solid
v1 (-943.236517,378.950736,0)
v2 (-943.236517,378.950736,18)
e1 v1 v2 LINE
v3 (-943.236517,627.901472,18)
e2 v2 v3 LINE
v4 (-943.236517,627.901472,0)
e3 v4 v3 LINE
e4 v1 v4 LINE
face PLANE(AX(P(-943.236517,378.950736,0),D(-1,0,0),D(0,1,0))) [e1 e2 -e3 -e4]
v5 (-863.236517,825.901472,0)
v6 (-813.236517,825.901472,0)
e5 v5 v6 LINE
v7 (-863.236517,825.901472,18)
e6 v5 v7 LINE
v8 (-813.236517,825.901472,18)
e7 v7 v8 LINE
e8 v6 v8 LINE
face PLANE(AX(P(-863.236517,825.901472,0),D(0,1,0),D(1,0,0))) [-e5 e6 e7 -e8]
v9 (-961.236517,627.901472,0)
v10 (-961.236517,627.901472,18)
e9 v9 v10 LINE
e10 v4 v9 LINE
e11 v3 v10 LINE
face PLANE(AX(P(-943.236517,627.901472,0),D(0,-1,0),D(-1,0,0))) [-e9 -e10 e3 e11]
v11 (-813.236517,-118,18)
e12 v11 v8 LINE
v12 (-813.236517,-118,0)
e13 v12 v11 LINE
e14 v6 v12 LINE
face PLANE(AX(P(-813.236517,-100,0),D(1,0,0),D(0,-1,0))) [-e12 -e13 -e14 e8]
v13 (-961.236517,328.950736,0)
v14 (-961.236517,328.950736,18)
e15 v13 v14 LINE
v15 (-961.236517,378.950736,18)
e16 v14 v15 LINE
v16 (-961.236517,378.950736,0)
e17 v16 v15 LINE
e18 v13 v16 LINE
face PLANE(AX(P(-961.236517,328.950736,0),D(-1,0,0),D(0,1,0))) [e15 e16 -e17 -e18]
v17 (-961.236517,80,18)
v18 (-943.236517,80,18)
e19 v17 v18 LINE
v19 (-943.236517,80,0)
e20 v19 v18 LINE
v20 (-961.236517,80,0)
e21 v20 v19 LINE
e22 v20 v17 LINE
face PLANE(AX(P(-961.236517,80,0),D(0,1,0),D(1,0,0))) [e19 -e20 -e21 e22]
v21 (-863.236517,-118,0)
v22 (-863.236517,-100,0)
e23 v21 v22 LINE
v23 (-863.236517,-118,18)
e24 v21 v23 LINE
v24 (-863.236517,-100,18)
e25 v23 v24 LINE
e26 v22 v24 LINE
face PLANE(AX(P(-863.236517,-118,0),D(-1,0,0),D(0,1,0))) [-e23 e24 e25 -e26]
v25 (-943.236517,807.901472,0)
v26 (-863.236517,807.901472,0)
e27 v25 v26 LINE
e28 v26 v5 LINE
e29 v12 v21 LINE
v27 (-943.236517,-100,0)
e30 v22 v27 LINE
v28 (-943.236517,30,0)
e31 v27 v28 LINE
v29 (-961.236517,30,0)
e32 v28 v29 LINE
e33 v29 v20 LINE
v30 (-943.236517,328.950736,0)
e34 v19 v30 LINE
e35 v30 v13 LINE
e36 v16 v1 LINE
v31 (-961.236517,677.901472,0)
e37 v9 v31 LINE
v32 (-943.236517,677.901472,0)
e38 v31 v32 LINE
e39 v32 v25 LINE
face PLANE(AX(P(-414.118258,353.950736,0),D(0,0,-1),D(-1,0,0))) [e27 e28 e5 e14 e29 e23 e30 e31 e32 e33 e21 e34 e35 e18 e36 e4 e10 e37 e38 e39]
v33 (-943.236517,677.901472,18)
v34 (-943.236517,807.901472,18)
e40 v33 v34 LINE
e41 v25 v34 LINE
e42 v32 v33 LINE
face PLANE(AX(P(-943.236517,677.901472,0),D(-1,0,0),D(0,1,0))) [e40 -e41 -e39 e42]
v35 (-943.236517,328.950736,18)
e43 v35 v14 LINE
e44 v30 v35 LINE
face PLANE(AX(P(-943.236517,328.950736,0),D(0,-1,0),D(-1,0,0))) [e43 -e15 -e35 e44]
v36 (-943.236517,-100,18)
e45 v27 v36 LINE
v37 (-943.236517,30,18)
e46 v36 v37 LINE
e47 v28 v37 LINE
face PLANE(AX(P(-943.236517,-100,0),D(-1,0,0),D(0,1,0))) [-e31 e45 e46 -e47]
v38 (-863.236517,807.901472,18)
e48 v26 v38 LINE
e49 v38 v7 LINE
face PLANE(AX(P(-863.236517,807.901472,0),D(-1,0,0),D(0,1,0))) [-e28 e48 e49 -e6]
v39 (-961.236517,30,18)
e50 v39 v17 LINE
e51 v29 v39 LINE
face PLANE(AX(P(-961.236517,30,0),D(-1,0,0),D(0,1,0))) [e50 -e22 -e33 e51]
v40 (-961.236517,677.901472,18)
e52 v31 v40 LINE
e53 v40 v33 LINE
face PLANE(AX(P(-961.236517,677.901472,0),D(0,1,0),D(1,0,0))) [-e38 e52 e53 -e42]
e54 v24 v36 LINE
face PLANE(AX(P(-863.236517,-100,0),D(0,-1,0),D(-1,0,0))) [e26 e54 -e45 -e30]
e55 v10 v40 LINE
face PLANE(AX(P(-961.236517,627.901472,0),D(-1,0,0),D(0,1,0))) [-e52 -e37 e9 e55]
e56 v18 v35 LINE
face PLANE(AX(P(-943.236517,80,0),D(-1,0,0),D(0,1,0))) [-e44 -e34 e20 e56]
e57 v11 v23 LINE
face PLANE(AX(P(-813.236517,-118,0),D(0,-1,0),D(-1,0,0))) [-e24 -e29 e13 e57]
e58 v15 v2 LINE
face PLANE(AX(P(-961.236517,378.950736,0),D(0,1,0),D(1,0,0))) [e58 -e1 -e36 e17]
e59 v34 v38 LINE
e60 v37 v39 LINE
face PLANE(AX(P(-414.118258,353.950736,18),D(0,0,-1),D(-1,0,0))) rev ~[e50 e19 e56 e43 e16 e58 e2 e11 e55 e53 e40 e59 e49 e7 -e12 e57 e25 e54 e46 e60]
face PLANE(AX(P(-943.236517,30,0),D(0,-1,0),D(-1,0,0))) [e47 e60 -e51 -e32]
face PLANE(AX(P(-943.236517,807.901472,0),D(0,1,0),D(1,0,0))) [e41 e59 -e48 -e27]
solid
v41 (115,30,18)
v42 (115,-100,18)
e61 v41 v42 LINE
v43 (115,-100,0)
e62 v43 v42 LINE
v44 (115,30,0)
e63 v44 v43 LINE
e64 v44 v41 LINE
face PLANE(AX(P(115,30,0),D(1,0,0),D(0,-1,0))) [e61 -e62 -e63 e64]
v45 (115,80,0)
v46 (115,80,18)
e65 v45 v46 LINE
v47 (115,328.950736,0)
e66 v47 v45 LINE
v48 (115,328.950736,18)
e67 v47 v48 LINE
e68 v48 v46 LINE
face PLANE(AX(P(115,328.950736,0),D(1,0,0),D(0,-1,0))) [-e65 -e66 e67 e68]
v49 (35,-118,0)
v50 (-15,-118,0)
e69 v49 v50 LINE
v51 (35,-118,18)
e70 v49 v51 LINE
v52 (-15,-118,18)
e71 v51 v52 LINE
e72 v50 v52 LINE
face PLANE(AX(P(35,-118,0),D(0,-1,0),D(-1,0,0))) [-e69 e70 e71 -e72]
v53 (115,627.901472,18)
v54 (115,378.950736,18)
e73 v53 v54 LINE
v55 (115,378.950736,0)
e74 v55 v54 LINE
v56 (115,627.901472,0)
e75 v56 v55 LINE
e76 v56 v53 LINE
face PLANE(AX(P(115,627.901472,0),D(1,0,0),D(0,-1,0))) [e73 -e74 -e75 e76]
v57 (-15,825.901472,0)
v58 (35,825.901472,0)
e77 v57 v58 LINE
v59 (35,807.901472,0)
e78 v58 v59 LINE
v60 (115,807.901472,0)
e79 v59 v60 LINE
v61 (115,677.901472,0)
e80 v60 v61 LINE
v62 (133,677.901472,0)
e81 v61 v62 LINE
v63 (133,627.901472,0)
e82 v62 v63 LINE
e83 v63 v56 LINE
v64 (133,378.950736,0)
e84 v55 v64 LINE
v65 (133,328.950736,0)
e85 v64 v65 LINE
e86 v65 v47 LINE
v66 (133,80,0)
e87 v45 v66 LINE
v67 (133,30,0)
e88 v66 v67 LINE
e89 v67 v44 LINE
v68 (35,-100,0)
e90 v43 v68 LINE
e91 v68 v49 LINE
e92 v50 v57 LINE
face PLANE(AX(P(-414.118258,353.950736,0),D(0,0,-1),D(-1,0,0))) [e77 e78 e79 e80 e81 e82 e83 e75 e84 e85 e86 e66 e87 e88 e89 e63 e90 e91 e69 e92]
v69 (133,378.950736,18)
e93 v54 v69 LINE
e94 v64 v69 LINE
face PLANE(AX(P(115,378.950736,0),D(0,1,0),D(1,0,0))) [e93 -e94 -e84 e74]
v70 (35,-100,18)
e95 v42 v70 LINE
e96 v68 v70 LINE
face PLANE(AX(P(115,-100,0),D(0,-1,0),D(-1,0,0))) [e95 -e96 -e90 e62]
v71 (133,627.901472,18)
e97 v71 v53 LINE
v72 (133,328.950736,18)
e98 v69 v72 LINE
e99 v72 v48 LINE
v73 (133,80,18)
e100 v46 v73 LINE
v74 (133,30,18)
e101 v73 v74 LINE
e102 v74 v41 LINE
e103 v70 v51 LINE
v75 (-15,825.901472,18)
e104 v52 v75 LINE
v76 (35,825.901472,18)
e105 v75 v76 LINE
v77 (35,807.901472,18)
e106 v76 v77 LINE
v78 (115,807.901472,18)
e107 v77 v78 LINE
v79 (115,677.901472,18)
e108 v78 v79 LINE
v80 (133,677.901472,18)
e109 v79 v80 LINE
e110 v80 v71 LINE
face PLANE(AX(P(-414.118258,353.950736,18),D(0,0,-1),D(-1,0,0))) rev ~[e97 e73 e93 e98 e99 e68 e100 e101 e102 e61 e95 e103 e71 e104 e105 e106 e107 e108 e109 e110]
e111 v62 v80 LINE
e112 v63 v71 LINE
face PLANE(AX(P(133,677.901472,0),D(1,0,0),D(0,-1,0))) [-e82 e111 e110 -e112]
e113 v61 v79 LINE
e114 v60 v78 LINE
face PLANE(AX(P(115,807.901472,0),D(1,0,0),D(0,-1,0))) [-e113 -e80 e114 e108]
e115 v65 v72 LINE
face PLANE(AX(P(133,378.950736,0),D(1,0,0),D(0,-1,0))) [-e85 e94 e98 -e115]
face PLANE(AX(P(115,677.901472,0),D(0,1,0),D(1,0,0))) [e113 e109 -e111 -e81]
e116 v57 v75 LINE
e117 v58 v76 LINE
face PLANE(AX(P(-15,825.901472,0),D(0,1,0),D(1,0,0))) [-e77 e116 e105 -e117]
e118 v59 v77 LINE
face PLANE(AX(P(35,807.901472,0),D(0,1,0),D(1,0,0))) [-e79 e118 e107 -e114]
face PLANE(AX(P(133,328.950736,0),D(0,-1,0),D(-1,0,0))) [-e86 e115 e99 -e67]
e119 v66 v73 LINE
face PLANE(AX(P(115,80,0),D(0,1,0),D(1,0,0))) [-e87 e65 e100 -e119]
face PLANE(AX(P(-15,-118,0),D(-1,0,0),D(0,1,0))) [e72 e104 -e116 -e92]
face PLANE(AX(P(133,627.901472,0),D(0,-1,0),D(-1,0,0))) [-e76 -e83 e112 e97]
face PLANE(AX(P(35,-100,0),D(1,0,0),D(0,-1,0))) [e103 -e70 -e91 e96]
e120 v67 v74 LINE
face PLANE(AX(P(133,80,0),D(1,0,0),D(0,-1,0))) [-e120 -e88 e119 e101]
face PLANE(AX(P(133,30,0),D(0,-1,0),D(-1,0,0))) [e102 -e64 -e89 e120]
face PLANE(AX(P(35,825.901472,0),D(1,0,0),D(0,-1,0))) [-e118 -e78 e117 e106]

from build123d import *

# Parameters (mm, degrees)
BOSS_EXTRUDE1_DEPTH = 18
CUT_EXTRUDE1_DEPTH  = 1268.443443295


with BuildPart() as part:
    # Sketch1 → Boss-Extrude1 (new body)
    with BuildSketch(Plane.XY):
        Polygon((-961.236516538, 328.950735931), (-961.236516538, 378.950735931), (-943.236516538, 378.950735931), (-943.236516538, 627.901471863), (-961.236516538, 627.901471863), (-961.236516538, 677.901471863), (-943.236516538, 677.901471863), (-943.236516538, 807.901471863), (-863.236516538, 807.901471863), (-863.236516538, 825.901471863), (-813.236516538, 825.901471863), (-813.236516538, 807.901471863), (-439.118258269, 807.901471863), (-439.118258269, 825.901471863), (-389.118258269, 825.901471863), (-389.118258269, 807.901471863), (-15, 807.901471863), (-15, 825.901471863), (35, 825.901471863), (35, 807.901471863), (115, 807.901471863), (115, 677.901471863), (133, 677.901471863), (133, 627.901471863), (115, 627.901471863), (115, 378.950735931), (133, 378.950735931), (133, 328.950735931), (115, 328.950735931), (115, 80), (133, 80), (133, 30), (115, 30), (115, -100), (35, -100), (35, -118), (-15, -118), (-15, -100), (-389.118258269, -100), (-389.118258269, -118), (-439.118258269, -118), (-439.118258269, -100), (-813.236516538, -100), (-813.236516538, -118), (-863.236516538, -118), (-863.236516538, -100), (-943.236516538, -100), (-943.236516538, 30), (-961.236516538, 30), (-961.236516538, 80), (-943.236516538, 80), (-943.236516538, 328.950735931), align=None)
    extrude(amount=BOSS_EXTRUDE1_DEPTH)

    # Sketch2 → Cut-Extrude1 (cut, through all)
    with BuildSketch(Plane(origin=(0, 0, 0), x_dir=(-1, 0, 0), z_dir=(0, 0, -1))):
        Polygon((389.118258269, -100), (389.118258269, -118), (439.118258269, -118), (439.118258269, -100), (813.236516538, -100), (813.236516538, 807.901471863), (439.118258269, 807.901471863), (439.118258269, 825.901471863), (389.118258269, 825.901471863), (389.118258269, 807.901471863), (15, 807.901471863), (15, -100), align=None)
    extrude(amount=-CUT_EXTRUDE1_DEPTH, mode=Mode.SUBTRACT)


with BuildPart() as cut_extrude1_piece_1:
    # of the separate pieces the step leaves, piece 1, a body of its own (cut_extrude1_pieces)
    add(part.part.solids().sort_by_distance((-15, -118, 0))[0])


with BuildPart() as cut_extrude1_piece_2:
    # of the separate pieces the step leaves, piece 2, a body of its own (cut_extrude1_pieces)
    add(part.part.solids().sort_by_distance((-961.236516538, 328.950735931, 0))[0])


solid = Compound([cut_extrude1_piece_1.part, cut_extrude1_piece_2.part])
